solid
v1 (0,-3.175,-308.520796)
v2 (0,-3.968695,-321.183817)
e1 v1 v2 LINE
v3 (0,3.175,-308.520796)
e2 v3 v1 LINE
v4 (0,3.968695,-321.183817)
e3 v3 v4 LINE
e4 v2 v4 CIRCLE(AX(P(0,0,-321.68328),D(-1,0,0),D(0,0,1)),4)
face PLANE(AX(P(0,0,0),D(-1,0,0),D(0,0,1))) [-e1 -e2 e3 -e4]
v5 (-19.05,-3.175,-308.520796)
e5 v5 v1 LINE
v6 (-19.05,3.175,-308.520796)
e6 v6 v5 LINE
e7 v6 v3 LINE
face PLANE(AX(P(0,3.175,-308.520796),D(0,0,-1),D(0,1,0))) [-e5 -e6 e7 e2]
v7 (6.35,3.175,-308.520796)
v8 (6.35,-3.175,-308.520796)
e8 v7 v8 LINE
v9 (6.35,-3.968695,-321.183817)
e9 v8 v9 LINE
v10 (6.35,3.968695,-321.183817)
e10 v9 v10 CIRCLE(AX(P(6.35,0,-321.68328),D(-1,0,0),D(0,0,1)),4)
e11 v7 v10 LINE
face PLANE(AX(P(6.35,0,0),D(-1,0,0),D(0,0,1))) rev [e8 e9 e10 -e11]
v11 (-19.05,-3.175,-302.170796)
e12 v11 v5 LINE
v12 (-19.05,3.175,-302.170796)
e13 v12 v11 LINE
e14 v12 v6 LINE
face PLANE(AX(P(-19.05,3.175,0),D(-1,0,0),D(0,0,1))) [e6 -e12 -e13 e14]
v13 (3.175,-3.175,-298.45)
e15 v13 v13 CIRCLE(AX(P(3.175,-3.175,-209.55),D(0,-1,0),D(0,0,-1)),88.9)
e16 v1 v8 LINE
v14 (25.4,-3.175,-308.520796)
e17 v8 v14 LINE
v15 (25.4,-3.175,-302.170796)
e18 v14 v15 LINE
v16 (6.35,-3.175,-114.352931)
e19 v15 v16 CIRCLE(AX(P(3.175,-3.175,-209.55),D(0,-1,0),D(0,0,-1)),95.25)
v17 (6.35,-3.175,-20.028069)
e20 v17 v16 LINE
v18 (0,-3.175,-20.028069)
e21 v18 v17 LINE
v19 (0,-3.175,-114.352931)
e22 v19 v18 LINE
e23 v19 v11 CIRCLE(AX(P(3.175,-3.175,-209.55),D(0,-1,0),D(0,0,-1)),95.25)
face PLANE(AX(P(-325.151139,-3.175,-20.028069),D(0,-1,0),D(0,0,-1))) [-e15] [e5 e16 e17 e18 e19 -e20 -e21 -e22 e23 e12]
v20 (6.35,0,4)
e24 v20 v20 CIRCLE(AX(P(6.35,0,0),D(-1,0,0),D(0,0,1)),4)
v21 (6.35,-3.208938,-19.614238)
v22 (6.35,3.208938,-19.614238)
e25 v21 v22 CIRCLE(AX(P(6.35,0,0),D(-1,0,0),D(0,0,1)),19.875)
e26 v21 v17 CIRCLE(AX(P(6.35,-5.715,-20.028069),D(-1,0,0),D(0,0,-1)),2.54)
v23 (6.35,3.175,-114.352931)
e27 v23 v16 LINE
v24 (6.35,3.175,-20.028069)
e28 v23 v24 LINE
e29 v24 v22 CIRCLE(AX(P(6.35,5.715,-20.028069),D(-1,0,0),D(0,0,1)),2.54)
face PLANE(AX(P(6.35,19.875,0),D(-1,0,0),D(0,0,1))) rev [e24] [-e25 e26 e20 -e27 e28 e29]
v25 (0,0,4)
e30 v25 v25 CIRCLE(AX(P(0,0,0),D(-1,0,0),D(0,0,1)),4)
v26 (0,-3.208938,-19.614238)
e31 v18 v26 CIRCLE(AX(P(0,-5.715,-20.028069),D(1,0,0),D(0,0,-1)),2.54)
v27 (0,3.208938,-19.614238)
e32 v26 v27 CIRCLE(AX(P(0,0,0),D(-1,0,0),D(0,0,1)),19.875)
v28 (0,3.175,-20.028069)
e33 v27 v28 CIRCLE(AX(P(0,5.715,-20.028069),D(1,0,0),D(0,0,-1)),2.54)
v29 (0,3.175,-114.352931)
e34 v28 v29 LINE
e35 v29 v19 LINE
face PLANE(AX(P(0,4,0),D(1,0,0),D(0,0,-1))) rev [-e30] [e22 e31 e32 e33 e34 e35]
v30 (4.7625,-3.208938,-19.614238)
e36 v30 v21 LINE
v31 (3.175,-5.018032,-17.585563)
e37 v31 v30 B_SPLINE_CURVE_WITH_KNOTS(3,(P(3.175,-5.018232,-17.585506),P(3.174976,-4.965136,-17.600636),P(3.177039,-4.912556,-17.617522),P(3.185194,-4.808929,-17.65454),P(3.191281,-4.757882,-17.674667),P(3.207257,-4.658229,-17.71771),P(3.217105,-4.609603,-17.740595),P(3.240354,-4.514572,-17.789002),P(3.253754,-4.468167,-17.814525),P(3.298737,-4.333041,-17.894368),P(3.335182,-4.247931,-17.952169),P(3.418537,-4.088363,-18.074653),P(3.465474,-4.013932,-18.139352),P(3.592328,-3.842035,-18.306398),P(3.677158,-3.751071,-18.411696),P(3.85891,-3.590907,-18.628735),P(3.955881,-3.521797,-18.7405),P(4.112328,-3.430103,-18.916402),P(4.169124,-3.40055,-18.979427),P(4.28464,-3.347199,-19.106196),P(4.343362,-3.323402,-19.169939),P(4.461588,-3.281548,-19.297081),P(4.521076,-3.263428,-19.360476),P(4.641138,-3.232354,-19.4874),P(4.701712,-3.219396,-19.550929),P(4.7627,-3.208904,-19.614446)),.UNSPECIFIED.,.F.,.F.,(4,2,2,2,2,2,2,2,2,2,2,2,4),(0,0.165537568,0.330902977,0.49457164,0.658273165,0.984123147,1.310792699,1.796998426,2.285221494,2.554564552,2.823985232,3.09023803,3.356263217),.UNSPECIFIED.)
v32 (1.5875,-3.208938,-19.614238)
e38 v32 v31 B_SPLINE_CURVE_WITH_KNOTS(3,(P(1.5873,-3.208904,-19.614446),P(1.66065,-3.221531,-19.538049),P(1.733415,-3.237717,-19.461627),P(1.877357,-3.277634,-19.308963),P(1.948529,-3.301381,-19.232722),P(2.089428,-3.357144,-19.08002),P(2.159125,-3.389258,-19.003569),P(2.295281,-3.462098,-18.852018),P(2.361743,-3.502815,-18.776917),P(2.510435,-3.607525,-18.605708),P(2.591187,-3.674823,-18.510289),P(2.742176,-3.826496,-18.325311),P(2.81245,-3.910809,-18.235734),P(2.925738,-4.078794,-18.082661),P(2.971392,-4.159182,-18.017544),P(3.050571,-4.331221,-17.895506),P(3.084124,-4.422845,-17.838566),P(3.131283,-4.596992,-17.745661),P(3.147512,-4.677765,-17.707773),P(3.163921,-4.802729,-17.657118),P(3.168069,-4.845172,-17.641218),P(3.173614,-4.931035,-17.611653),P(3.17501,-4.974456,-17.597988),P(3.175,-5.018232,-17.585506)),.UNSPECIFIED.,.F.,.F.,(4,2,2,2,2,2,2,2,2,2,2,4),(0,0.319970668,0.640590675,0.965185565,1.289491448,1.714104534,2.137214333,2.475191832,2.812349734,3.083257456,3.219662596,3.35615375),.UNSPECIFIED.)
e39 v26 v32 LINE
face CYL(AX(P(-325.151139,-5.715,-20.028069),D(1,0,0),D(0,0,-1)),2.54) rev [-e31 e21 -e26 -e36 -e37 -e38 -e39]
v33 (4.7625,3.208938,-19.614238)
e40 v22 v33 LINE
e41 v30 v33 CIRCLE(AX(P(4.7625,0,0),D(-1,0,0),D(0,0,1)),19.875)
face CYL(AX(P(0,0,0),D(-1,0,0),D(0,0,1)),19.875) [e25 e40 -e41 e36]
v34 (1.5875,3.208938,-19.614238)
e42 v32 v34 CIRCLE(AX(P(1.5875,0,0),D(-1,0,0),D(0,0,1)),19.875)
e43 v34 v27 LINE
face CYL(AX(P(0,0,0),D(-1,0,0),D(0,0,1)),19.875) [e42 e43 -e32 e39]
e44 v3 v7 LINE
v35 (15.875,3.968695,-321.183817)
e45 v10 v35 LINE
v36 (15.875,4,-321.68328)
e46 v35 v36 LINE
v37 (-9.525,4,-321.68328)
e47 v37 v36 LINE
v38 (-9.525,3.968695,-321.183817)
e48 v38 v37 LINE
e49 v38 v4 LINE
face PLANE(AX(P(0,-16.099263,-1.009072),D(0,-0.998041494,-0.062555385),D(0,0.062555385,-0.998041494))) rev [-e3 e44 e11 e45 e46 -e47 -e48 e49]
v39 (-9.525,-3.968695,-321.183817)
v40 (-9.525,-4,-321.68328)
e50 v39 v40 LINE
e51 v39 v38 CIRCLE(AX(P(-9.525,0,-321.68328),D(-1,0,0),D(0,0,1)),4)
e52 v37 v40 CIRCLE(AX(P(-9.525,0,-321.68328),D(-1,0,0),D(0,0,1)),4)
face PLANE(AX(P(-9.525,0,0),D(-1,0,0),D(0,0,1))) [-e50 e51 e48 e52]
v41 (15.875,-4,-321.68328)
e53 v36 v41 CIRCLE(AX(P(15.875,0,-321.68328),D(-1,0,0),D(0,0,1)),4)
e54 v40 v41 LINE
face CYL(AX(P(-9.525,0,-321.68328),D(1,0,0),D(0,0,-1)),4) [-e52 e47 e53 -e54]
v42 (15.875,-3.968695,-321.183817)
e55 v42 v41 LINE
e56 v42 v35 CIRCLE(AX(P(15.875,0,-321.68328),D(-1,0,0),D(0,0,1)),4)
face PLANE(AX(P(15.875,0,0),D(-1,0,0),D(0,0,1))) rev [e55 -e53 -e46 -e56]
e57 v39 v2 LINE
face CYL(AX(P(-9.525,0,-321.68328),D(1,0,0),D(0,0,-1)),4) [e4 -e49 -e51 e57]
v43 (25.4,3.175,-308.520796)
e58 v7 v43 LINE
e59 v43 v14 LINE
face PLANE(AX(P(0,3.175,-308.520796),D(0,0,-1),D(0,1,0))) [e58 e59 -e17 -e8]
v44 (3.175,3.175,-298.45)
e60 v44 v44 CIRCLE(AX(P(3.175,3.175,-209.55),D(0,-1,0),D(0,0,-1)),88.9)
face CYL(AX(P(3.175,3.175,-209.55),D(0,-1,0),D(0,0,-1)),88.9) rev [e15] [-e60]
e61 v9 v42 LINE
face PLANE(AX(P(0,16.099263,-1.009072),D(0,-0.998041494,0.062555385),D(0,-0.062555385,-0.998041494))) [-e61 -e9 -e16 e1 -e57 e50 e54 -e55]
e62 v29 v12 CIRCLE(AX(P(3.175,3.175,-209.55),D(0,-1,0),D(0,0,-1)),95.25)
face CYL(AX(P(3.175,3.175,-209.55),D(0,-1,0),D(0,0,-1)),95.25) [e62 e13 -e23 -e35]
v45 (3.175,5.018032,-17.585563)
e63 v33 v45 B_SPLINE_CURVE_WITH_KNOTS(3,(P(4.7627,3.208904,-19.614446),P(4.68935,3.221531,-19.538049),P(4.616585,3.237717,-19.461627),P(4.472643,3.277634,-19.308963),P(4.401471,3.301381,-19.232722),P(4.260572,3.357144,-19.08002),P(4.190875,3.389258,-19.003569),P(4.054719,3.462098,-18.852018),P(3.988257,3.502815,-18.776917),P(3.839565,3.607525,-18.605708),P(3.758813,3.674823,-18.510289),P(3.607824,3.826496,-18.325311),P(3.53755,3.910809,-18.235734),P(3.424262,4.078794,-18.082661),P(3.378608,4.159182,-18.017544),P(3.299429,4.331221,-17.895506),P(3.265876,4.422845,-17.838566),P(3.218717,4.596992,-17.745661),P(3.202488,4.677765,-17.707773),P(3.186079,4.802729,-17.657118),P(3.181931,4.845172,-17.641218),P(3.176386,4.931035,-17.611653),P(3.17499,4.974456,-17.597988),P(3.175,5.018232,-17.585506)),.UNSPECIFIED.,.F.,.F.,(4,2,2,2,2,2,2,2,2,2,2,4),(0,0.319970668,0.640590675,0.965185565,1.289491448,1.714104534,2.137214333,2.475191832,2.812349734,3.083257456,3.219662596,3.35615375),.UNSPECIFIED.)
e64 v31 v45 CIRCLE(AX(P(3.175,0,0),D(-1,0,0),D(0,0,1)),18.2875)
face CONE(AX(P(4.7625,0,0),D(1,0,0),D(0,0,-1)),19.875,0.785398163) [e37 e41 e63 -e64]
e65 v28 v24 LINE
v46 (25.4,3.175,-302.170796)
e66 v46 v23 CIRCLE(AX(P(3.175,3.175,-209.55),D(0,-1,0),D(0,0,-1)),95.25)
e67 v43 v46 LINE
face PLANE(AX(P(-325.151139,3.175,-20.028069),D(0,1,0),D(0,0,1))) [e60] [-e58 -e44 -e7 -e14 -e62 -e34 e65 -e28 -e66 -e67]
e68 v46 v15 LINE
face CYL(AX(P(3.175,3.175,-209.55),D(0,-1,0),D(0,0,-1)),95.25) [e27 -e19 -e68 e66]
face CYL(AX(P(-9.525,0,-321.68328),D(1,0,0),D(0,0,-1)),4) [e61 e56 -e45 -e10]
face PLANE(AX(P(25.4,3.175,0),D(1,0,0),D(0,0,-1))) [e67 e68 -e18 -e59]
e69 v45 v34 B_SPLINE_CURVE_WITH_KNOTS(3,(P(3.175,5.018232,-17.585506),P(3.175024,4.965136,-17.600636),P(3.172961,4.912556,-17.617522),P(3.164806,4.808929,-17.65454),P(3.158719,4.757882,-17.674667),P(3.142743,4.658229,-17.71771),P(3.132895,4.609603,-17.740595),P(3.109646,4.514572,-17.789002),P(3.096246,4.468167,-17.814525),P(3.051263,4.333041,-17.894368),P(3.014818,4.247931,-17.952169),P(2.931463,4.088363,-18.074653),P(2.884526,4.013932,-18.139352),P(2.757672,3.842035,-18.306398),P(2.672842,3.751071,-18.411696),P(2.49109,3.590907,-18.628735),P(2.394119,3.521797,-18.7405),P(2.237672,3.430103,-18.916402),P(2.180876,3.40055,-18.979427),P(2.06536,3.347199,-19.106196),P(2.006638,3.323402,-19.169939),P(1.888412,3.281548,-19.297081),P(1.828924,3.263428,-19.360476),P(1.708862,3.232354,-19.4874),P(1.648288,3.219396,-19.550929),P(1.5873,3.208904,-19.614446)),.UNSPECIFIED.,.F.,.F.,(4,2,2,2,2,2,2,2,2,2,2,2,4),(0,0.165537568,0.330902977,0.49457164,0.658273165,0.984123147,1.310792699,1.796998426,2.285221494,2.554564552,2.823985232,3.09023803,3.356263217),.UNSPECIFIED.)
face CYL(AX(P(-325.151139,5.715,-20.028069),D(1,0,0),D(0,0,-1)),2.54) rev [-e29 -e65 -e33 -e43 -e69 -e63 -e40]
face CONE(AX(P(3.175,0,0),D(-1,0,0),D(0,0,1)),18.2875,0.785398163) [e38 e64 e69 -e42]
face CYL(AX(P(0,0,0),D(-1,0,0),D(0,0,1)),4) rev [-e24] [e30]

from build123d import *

# Parameters (mm, degrees)
BOSS_EXTRUDE1_REACH     = 30.816
SKETCH2_R               = 4
BOSS_EXTRUDE4_DEPTH     = 6.35
CUT_EXTRUDE1_DEPTH      = 325.659613706
CUT_EXTRUDE1_DEPTH_BACK = 325.659613706
BOSS_EXTRUDE5_DEPTH     = 3.175
BOSS_EXTRUDE6_DEPTH     = 12.7


with BuildPart() as part:
    # Sketch1 → Revolve1 (revolve)
    with BuildSketch(Plane.XY, mode=Mode.PRIVATE) as revolve1_sk:
        Polygon((0, 4), (6.35, 4), (6.35, 19.875), (4.7625, 19.875), (3.175, 18.2875), (1.5875, 19.875), (0, 19.875), align=None)
    revolve(revolve1_sk.sketch.rotate(Axis((0, 0, 0), (1, 0, 0)), 90), axis=Axis((0, 0, 0), (1, 0, 0)))

    # Boss-Extrude1: up to this face of the body (flat: up to its plane)
    boss_extrude1_end = Plane(part.part.faces().sort_by_distance((0, 0, -19.312850109))[0])
    # Sketch2 → Boss-Extrude1 (add, up to the picked face)
    with BuildSketch(Plane(origin=(6.35, 0, 0), x_dir=(0, 0, -1), z_dir=(1, 0, 0)), mode=Mode.PRIVATE) as boss_extrude1_sk1:
        with BuildLine():
            Line((20.028068585, 3.175), (304.8, 3.175))
            Line((304.8, 3.175), (304.8, 0))
            Line((304.8, 0), (304.8, -3.175))
            Line((304.8, -3.175), (20.028068585, -3.175))
            ThreePointArc((20.028068585, -3.175), (18.498150057, -3.687452393), (17.585562562, -5.018032049))
            ThreePointArc((17.585562562, -5.018032049), (-18.2875, 0), (17.585562562, 5.018032049))
            ThreePointArc((17.585562562, 5.018032049), (18.498150057, 3.687452393), (20.028068585, 3.175))
        make_face()
        with Locations(Location((0, 0, 0), (0, 0, 180))):
            Circle(SKETCH2_R, mode=Mode.SUBTRACT)
    boss_extrude1_tool1 = split(extrude(boss_extrude1_sk1.sketch, amount=-BOSS_EXTRUDE1_REACH, mode=Mode.PRIVATE), bisect_by=boss_extrude1_end, keep=Keep.BOTH, mode=Mode.PRIVATE)
    add(boss_extrude1_tool1.solids().sort_by(Axis((6.35, 0, -104.167204), (-1, 0, 0)))[0])

    # Sketch6 → Boss-Extrude4 (add)
    with BuildSketch(Plane.XZ.offset(3.175)):
        with BuildLine():
            ThreePointArc((0, -114.352931374), (-91.58879889, -199.938292555), (-19.05, -302.170796126))
            ThreePointArc((-19.05, -302.170796126), (-9.590159419, -303.940747454), (0, -304.747068626))
            Line((0, -304.747068626), (0, -298.393285481))
            ThreePointArc((0, -298.393285481), (-85.725, -209.55), (0, -120.706714519))
            Line((0, -120.706714519), (0, -114.352931374))
        make_face()
        with BuildLine():
            ThreePointArc((98.425, -209.55), (71.640251223, -143.330124774), (6.35, -114.352931374))
            Line((6.35, -114.352931374), (6.35, -120.706714519))
            ThreePointArc((6.35, -120.706714519), (67.149477333, -147.820944848), (92.075, -209.55))
            ThreePointArc((92.075, -209.55), (67.149477333, -271.279055152), (6.35, -298.393285481))
            Line((6.35, -298.393285481), (6.35, -304.747068626))
            ThreePointArc((6.35, -304.747068626), (15.940159419, -303.940747454), (25.4, -302.170796126))
            ThreePointArc((25.4, -302.170796126), (77.973040583, -268.523007597), (98.425, -209.55))
        make_face()
        with BuildLine():
            ThreePointArc((0, -304.747068626), (-9.590159419, -303.940747454), (-19.05, -302.170796126))
            Line((-19.05, -302.170796126), (-19.05, -308.520796126))
            Line((-19.05, -308.520796126), (25.4, -308.520796126))
            Line((25.4, -308.520796126), (25.4, -302.170796126))
            ThreePointArc((25.4, -302.170796126), (15.940159419, -303.940747454), (6.35, -304.747068626))
            Line((6.35, -304.747068626), (6.35, -304.8))
            Line((6.35, -304.8), (3.175, -304.8))
            Line((3.175, -304.8), (0, -304.8))
            Line((0, -304.8), (0, -304.747068626))
        make_face()
    extrude(amount=-BOSS_EXTRUDE4_DEPTH)

    # Sketch6<4> → Cut-Extrude1 (cut, two sides: drawn at the far end of the back side and taken through both)
    with BuildSketch(Plane.XZ.offset(3.175).offset(-CUT_EXTRUDE1_DEPTH_BACK)):
        with BuildLine():
            ThreePointArc((0, -298.393285481), (1.58724675, -298.435820239), (3.175, -298.45))
            Line((3.175, -298.45), (3.175, -120.65))
            ThreePointArc((3.175, -120.65), (1.58724675, -120.664179761), (0, -120.706714519))
            Line((0, -120.706714519), (0, -298.393285481))
        make_face()
        with BuildLine():
            Line((3.175, -120.65), (3.175, -298.45))
            ThreePointArc((3.175, -298.45), (4.76275325, -298.435820239), (6.35, -298.393285481))
            Line((6.35, -298.393285481), (6.35, -120.706714519))
            ThreePointArc((6.35, -120.706714519), (4.76275325, -120.664179761), (3.175, -120.65))
        make_face()
    extrude(amount=CUT_EXTRUDE1_DEPTH + CUT_EXTRUDE1_DEPTH_BACK, mode=Mode.SUBTRACT)

    # Sketch8 → Boss-Extrude5 (add, symmetric)
    with BuildSketch(Plane.ZY.offset(-3.175)):
        with BuildLine():
            Line((-308.520796126, -3.175), (-308.520796126, 3.175))
            Line((-308.520796126, 3.175), (-321.183816784, 3.96869459))
            ThreePointArc((-321.183816784, 3.96869459), (-318.683458763, 2.645954285), (-317.683279744, 0))
            ThreePointArc((-317.683279744, 0), (-318.683458763, -2.645954285), (-321.183816784, -3.96869459))
            Line((-321.183816784, -3.96869459), (-308.520796126, -3.175))
        make_face()
    extrude(amount=BOSS_EXTRUDE5_DEPTH, both=True)

    # Sketch8<3> → Boss-Extrude6 (add, symmetric)
    with BuildSketch(Plane.ZY.offset(-3.175)):
        with BuildLine():
            ThreePointArc((-317.683279744, 0), (-318.683458763, 2.645954285), (-321.183816784, 3.96869459))
            Line((-321.183816784, 3.96869459), (-321.683279744, 4))
            ThreePointArc((-321.683279744, 4), (-325.683279744, 0), (-321.683279744, -4))
            Line((-321.683279744, -4), (-321.183816784, -3.96869459))
            ThreePointArc((-321.183816784, -3.96869459), (-318.683458763, -2.645954285), (-317.683279744, 0))
        make_face()
    extrude(amount=BOSS_EXTRUDE6_DEPTH, both=True)


solid = part.part
